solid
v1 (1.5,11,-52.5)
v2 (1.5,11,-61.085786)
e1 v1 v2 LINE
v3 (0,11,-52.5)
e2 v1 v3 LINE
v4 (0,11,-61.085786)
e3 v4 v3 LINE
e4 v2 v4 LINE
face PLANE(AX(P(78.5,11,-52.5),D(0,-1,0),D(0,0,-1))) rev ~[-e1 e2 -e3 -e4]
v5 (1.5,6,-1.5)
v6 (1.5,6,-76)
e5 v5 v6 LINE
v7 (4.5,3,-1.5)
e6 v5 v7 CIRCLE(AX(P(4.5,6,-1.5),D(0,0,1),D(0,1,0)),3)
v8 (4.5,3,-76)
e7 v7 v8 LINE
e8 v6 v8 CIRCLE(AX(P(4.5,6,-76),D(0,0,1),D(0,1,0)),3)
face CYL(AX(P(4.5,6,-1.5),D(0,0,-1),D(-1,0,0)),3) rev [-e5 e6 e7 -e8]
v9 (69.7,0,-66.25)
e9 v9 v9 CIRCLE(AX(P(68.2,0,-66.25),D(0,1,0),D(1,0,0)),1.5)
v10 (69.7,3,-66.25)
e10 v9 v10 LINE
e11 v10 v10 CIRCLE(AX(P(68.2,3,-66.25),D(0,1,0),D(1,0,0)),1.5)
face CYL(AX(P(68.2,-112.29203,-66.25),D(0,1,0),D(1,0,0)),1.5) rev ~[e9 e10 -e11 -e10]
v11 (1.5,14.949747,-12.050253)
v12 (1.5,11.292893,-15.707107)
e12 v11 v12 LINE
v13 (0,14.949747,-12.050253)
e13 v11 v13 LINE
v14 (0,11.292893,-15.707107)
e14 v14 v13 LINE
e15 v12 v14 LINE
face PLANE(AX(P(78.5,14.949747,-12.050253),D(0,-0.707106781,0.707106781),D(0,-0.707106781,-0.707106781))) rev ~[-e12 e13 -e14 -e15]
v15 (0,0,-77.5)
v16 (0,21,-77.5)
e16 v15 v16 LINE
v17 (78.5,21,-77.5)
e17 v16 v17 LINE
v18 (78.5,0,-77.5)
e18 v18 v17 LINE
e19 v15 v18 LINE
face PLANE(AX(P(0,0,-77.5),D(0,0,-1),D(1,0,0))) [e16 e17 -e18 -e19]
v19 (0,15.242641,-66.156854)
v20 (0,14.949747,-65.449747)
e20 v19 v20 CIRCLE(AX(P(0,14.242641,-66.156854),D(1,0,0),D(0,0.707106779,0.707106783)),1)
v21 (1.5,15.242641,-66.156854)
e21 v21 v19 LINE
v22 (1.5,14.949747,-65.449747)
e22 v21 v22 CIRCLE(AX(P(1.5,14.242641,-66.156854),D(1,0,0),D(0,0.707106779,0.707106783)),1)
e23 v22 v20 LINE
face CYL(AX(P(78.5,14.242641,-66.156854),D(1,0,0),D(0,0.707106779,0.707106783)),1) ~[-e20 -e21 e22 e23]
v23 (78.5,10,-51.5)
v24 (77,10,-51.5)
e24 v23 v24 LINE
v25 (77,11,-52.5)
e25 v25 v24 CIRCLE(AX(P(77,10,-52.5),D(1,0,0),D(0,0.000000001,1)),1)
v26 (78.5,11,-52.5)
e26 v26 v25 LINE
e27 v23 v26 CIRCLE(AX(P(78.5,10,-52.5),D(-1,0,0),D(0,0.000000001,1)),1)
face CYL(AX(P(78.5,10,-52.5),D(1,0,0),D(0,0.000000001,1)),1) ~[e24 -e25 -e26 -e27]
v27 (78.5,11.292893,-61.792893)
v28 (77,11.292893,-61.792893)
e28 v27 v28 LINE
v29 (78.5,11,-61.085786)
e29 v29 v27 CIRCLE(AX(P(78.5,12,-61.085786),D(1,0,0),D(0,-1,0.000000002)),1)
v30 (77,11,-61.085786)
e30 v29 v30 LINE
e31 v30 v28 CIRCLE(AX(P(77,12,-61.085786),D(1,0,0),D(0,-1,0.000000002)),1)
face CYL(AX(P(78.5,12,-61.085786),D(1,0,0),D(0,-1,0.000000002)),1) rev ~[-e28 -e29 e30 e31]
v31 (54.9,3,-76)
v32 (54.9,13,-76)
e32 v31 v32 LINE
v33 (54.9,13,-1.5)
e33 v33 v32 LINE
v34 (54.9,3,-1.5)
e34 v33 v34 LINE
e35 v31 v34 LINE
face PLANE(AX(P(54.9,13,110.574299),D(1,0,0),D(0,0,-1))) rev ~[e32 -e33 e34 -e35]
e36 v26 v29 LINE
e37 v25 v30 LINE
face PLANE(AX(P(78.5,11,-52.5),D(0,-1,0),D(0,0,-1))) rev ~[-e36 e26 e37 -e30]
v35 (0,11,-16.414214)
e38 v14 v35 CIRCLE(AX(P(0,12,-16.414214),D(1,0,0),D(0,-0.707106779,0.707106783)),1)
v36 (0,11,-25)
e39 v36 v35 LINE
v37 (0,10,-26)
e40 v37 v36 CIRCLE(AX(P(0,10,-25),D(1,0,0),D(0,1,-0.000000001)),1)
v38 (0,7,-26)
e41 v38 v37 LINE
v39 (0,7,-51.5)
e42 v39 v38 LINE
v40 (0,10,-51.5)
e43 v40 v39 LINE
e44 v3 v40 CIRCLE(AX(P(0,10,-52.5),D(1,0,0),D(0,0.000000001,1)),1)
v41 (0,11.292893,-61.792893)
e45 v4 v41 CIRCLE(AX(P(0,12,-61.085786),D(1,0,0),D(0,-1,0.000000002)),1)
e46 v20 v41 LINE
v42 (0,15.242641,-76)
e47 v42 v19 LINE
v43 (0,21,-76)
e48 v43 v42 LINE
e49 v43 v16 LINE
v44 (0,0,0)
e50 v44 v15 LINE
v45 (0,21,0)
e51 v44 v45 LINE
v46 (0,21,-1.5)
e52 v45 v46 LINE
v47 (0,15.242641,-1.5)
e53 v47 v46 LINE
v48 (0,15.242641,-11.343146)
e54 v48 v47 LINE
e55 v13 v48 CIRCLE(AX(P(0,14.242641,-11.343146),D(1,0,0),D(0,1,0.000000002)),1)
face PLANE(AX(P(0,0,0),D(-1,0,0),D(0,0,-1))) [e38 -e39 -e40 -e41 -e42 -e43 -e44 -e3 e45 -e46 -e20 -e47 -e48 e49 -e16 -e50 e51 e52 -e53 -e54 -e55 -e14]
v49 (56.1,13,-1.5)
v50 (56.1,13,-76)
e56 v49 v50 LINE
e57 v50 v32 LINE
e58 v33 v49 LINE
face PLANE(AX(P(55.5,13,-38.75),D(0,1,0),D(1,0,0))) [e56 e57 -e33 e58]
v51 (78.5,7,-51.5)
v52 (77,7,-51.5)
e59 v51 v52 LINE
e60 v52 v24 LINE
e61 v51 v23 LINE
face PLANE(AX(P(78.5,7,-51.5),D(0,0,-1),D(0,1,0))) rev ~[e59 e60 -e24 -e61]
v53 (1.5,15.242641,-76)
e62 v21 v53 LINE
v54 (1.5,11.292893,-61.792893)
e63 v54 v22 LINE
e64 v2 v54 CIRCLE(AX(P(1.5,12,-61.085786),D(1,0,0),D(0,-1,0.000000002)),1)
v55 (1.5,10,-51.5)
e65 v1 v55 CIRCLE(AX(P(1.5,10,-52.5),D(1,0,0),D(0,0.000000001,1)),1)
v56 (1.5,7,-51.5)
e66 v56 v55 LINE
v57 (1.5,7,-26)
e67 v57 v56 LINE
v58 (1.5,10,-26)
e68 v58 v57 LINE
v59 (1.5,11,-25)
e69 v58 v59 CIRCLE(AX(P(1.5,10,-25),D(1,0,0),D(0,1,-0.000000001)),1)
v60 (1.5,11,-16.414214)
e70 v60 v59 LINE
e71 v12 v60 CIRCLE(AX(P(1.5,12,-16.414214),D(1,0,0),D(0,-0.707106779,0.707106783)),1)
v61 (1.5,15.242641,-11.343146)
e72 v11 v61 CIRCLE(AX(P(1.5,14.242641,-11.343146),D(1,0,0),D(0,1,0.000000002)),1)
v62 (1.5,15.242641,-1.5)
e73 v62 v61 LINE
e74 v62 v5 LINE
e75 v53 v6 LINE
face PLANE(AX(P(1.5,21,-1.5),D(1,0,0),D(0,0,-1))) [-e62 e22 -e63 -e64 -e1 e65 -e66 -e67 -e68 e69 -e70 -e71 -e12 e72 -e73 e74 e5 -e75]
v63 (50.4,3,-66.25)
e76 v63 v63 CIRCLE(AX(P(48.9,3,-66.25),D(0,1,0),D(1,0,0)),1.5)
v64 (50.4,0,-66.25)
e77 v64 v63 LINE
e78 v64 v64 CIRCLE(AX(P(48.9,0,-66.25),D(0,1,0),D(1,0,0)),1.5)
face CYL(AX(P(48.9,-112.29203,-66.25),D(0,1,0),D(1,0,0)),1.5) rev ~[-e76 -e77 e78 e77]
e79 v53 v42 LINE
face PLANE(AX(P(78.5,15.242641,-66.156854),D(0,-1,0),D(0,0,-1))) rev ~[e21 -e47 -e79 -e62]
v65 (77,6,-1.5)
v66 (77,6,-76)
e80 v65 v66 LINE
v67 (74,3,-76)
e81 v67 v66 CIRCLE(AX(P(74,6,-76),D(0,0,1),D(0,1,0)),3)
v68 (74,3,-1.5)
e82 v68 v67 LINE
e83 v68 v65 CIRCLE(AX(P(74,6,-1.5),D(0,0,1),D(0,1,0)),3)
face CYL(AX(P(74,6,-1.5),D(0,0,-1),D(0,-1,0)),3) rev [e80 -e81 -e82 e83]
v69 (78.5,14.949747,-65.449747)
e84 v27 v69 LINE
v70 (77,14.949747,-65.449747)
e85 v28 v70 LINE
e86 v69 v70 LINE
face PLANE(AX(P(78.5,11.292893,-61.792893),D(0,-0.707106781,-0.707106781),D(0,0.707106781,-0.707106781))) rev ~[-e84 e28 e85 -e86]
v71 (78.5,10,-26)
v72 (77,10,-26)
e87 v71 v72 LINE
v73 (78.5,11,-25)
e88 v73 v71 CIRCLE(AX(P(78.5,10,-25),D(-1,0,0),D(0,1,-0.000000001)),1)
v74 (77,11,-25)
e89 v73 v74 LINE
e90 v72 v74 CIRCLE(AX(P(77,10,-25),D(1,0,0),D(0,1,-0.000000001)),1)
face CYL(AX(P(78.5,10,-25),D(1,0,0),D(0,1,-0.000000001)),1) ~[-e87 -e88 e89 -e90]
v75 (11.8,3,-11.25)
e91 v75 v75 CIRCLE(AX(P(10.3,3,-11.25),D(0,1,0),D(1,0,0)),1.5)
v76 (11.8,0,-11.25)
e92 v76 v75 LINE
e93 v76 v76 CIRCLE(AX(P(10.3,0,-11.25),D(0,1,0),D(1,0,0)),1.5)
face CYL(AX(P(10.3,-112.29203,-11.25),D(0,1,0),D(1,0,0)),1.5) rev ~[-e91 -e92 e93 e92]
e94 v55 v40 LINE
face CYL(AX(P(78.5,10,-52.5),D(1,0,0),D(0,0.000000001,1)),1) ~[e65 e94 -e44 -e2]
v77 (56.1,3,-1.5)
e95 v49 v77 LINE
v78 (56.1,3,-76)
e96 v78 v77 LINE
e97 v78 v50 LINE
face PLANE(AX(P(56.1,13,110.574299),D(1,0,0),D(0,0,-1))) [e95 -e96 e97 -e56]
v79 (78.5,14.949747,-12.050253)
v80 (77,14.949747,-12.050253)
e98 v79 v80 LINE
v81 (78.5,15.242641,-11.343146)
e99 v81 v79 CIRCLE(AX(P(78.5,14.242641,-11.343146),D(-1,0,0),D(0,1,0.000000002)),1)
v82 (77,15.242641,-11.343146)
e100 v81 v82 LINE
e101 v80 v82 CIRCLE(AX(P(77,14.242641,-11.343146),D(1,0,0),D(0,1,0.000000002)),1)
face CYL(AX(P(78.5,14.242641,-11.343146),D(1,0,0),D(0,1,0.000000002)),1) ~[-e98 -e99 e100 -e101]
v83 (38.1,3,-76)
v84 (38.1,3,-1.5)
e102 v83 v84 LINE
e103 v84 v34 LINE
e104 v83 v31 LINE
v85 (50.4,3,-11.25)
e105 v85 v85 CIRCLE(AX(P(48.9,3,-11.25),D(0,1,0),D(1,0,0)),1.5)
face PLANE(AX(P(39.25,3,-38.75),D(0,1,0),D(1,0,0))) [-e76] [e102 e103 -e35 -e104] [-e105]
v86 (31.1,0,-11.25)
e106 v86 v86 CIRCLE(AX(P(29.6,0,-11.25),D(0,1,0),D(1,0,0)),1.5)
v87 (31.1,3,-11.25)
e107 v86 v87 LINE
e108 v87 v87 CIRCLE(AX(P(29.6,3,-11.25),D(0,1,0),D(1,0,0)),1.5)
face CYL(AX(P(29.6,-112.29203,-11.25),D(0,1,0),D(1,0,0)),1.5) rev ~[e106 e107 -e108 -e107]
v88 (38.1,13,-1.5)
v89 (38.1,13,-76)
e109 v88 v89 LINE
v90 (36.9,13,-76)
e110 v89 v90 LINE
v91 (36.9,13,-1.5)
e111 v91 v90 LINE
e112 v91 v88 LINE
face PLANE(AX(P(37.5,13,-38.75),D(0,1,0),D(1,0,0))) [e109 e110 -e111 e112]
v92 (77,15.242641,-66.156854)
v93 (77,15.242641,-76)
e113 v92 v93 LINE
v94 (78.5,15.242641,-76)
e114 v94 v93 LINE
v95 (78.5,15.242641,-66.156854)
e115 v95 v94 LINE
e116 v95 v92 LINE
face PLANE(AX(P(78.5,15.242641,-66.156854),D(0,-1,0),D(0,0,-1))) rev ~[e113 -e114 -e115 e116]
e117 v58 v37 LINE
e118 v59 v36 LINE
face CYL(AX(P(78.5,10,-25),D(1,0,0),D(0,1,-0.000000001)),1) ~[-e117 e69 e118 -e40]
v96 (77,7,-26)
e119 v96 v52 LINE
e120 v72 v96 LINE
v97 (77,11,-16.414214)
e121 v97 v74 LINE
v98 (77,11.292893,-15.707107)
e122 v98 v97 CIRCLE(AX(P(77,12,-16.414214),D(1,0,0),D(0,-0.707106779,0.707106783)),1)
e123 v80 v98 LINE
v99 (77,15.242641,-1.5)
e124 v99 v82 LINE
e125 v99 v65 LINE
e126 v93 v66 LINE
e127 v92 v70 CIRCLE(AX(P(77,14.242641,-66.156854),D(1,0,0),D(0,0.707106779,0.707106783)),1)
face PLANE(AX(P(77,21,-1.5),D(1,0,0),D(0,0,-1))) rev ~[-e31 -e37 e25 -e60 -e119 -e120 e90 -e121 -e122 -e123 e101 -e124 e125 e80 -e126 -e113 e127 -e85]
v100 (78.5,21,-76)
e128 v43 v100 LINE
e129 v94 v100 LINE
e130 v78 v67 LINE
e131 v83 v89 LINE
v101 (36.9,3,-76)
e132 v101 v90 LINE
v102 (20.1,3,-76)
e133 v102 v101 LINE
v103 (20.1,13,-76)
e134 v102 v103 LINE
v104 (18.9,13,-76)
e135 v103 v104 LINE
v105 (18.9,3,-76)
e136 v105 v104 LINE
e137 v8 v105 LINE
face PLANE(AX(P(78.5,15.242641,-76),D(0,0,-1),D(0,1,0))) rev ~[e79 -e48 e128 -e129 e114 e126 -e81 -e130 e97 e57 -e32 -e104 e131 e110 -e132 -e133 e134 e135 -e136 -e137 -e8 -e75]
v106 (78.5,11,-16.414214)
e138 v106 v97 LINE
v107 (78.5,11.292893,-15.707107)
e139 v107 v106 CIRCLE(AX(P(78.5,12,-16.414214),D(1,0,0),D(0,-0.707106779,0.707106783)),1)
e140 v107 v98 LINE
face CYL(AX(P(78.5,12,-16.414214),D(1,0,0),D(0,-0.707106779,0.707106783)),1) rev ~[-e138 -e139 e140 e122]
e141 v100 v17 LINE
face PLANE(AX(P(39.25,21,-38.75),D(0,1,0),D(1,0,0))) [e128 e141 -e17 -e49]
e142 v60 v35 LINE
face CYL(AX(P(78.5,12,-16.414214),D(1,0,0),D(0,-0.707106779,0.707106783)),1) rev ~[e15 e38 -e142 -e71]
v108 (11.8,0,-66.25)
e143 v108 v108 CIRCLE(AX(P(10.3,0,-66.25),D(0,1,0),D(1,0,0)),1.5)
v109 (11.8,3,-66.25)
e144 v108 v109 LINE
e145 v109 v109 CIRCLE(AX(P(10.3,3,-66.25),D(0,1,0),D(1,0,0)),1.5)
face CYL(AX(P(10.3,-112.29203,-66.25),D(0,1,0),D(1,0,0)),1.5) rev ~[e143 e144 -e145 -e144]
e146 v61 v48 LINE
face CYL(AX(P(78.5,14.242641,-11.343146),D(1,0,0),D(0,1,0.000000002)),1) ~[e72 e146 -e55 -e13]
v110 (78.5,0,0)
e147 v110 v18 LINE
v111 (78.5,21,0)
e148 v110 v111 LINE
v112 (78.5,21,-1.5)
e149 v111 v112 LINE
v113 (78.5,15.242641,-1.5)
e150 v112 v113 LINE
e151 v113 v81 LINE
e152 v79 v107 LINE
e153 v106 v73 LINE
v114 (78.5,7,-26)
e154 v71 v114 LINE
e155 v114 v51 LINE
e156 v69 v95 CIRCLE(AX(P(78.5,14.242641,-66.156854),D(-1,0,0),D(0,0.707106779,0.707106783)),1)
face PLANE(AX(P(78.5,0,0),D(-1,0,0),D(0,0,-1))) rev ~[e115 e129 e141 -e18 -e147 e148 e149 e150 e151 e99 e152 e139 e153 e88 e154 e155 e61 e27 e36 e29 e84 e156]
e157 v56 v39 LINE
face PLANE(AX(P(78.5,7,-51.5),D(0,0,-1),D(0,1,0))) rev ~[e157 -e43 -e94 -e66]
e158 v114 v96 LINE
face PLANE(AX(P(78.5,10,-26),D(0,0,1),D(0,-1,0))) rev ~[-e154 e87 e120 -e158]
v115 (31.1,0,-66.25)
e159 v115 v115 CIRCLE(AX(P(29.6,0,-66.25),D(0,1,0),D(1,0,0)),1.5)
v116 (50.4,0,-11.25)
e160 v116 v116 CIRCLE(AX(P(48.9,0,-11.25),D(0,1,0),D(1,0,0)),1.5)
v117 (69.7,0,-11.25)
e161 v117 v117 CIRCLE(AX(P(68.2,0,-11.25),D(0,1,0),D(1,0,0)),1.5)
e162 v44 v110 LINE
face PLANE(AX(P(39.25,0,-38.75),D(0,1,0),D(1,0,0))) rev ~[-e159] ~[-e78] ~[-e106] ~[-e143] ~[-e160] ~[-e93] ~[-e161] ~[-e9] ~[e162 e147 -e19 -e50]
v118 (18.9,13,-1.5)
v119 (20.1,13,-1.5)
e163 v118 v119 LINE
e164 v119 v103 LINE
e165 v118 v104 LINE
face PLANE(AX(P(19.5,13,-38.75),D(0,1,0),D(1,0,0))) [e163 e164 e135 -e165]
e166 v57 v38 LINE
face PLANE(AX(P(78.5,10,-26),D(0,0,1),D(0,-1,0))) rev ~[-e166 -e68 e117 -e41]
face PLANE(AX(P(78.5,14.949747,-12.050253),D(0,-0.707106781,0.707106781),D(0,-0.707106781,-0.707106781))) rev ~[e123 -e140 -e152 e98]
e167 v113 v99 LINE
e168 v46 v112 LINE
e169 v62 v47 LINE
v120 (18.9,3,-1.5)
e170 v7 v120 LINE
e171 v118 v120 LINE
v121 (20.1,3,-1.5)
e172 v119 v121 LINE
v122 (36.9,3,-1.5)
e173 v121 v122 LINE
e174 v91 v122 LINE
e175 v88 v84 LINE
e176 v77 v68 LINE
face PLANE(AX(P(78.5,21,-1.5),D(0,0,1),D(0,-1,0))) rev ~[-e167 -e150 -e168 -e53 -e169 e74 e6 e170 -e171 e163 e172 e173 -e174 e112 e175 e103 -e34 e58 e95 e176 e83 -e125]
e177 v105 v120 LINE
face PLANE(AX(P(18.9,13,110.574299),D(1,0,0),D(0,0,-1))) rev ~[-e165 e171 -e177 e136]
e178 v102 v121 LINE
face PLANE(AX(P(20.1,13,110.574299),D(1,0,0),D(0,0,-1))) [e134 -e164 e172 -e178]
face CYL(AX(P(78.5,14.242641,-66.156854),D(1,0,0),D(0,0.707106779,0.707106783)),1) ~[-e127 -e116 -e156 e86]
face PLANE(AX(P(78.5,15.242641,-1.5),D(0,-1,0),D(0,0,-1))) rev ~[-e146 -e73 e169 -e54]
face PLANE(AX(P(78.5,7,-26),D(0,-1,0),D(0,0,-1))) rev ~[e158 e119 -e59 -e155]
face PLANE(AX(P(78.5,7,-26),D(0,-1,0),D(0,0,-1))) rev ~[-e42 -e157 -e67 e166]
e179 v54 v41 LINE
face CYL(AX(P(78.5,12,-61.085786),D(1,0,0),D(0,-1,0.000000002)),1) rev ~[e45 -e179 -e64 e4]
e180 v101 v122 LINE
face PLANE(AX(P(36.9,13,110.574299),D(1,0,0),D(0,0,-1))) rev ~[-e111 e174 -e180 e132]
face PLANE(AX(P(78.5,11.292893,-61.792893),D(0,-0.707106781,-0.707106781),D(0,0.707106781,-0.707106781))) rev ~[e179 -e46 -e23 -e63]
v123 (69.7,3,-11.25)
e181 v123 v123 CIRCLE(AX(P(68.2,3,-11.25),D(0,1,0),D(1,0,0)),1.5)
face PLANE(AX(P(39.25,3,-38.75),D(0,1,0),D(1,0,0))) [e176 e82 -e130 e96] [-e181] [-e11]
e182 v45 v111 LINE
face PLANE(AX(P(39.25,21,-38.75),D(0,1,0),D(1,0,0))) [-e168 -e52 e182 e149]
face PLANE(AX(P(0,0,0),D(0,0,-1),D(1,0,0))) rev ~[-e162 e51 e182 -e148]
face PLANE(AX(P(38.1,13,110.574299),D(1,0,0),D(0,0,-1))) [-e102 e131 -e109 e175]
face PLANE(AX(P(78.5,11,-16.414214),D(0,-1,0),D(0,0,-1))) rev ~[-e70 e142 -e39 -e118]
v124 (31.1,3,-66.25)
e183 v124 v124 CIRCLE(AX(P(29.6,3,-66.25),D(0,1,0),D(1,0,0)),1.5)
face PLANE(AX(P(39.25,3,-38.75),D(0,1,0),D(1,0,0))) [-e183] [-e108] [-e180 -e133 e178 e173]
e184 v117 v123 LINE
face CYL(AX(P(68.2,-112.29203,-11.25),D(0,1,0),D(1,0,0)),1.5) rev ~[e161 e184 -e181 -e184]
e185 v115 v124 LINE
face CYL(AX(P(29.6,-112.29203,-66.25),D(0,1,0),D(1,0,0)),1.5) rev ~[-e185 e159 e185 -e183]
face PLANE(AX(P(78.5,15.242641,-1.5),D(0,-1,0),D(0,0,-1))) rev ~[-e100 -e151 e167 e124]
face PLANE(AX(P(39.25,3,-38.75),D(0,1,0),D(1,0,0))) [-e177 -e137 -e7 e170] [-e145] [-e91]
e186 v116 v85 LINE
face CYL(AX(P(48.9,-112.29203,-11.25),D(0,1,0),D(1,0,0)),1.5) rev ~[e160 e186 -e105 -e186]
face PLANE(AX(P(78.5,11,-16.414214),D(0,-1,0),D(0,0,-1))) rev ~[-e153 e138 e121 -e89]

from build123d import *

# Parameters (mm, degrees)
SKETCH1_W             = 78.5
SKETCH1_H             = 77.5
BOSS_EXTRUDE1_DEPTH   = 21
SKETCH2_W             = 75.5
SKETCH2_H             = 74.5
CUT_EXTRUDE1_DEPTH    = 18
CUT_EXTRUDE2_DEPTH    = 113.292029993
RIB2_REACH            = 113.074
SKETCH5_WALLS_W       = 1.2
SKETCH5_WALLS_H       = 298.648598916
FILLET1_R             = 3
F_3_0MM_DOWEL_HOLE1_D = 3


with BuildPart() as part:
    # Sketch1 → Boss-Extrude1 (new body)
    with BuildSketch(Plane(origin=(0, 0, 0), x_dir=(1, 0, 0), z_dir=(0, 1, 0))):
        with Locations((39.25, 38.75)):
            Rectangle(SKETCH1_W, SKETCH1_H)
    extrude(amount=BOSS_EXTRUDE1_DEPTH)

    # Sketch2 → Cut-Extrude1 (cut)
    with BuildSketch(Plane(origin=(0, 21, 0), x_dir=(1, 0, 0), z_dir=(0, 1, 0))):
        with Locations((39.25, 38.75)):
            Rectangle(SKETCH2_W, SKETCH2_H)
    extrude(amount=-CUT_EXTRUDE1_DEPTH, mode=Mode.SUBTRACT)

    # Sketch3 → Cut-Extrude2 (cut, through all)
    with BuildSketch(Plane(origin=(78.5, 0, 0), x_dir=(0, 0, -1), z_dir=(1, 0, 0))):
        with BuildLine():
            Line((26, 7), (51.5, 7))
            Line((51.5, 7), (51.5, 10))
            ThreePointArc((51.5, 10), (51.792893219, 10.707106781), (52.5, 11))
            Line((52.5, 11), (61.085786438, 11))
            ThreePointArc((61.085786438, 11), (61.46846987, 11.076120467), (61.792893219, 11.292893219))
            Line((61.792893219, 11.292893219), (65.449747468, 14.949747468))
            ThreePointArc((65.449747468, 14.949747468), (65.774170817, 15.16652022), (66.156854249, 15.242640687))
            Line((66.156854249, 15.242640687), (76, 15.242640687))
            Line((76, 15.242640687), (76, 21))
            Line((76, 21), (1.5, 21))
            Line((1.5, 21), (1.5, 15.242640687))
            Line((1.5, 15.242640687), (11.343145751, 15.242640687))
            ThreePointArc((11.343145751, 15.242640687), (11.725829183, 15.16652022), (12.050252532, 14.949747468))
            Line((12.050252532, 14.949747468), (15.707106781, 11.292893219))
            ThreePointArc((15.707106781, 11.292893219), (16.03153013, 11.076120467), (16.414213562, 11))
            Line((16.414213562, 11), (25, 11))
            ThreePointArc((25, 11), (25.707106781, 10.707106781), (26, 10))
            Line((26, 10), (26, 7))
        make_face()
    extrude(amount=-CUT_EXTRUDE2_DEPTH, mode=Mode.SUBTRACT)

    # Sketch5 walls → Rib2 (add, up to next)
    with BuildSketch(Plane(origin=(0, 13, 0), x_dir=(1, 0, 0), z_dir=(0, 1, 0)), mode=Mode.PRIVATE) as rib2_sk1:
        with Locations((19.5, 38.75)):
            Rectangle(SKETCH5_WALLS_W, SKETCH5_WALLS_H)
    rib2_tool1 = extrude(rib2_sk1.sketch, amount=-RIB2_REACH, mode=Mode.PRIVATE) - part.part
    # Sketch5 walls → Rib2 (add, up to next)
    with BuildSketch(Plane(origin=(0, 13, 0), x_dir=(1, 0, 0), z_dir=(0, 1, 0)), mode=Mode.PRIVATE) as rib2_sk2:
        with Locations((37.5, 38.75)):
            Rectangle(SKETCH5_WALLS_W, SKETCH5_WALLS_H)
    rib2_tool2 = extrude(rib2_sk2.sketch, amount=-RIB2_REACH, mode=Mode.PRIVATE) - part.part
    # Sketch5 walls → Rib2 (add, up to next)
    with BuildSketch(Plane(origin=(0, 13, 0), x_dir=(1, 0, 0), z_dir=(0, 1, 0)), mode=Mode.PRIVATE) as rib2_sk3:
        with Locations((55.5, 38.75)):
            Rectangle(SKETCH5_WALLS_W, SKETCH5_WALLS_H)
    rib2_tool3 = extrude(rib2_sk3.sketch, amount=-RIB2_REACH, mode=Mode.PRIVATE) - part.part
    add(rib2_tool1.solids().sort_by_distance((19.5, 13, -38.75))[0])
    add(rib2_tool2.solids().sort_by_distance((37.5, 13, -38.75))[0])
    add(rib2_tool3.solids().sort_by_distance((55.5, 13, -38.75))[0])

    # Fillet1
    fillet1_edges = [part.edges().sort_by_distance(p)[0] for p in [
        (77, 3, -38.75),
        (1.5, 3, -38.75),
    ]]
    fillet(fillet1_edges, radius=FILLET1_R)

    # Ø3.0mm Dowel Hole1 (through all)
    with Locations(Plane(origin=(0, 0, 0), x_dir=(-1, 0, 0), z_dir=(0, -1, 0))):
        with Locations((-68.2, 11.25), (-48.9, 11.25), (-29.6, 11.25), (-10.3, 11.25), (-10.3, 66.25), (-29.6, 66.25), (-48.9, 66.25), (-68.2, 66.25)):
            Hole(F_3_0MM_DOWEL_HOLE1_D / 2)


solid = part.part
